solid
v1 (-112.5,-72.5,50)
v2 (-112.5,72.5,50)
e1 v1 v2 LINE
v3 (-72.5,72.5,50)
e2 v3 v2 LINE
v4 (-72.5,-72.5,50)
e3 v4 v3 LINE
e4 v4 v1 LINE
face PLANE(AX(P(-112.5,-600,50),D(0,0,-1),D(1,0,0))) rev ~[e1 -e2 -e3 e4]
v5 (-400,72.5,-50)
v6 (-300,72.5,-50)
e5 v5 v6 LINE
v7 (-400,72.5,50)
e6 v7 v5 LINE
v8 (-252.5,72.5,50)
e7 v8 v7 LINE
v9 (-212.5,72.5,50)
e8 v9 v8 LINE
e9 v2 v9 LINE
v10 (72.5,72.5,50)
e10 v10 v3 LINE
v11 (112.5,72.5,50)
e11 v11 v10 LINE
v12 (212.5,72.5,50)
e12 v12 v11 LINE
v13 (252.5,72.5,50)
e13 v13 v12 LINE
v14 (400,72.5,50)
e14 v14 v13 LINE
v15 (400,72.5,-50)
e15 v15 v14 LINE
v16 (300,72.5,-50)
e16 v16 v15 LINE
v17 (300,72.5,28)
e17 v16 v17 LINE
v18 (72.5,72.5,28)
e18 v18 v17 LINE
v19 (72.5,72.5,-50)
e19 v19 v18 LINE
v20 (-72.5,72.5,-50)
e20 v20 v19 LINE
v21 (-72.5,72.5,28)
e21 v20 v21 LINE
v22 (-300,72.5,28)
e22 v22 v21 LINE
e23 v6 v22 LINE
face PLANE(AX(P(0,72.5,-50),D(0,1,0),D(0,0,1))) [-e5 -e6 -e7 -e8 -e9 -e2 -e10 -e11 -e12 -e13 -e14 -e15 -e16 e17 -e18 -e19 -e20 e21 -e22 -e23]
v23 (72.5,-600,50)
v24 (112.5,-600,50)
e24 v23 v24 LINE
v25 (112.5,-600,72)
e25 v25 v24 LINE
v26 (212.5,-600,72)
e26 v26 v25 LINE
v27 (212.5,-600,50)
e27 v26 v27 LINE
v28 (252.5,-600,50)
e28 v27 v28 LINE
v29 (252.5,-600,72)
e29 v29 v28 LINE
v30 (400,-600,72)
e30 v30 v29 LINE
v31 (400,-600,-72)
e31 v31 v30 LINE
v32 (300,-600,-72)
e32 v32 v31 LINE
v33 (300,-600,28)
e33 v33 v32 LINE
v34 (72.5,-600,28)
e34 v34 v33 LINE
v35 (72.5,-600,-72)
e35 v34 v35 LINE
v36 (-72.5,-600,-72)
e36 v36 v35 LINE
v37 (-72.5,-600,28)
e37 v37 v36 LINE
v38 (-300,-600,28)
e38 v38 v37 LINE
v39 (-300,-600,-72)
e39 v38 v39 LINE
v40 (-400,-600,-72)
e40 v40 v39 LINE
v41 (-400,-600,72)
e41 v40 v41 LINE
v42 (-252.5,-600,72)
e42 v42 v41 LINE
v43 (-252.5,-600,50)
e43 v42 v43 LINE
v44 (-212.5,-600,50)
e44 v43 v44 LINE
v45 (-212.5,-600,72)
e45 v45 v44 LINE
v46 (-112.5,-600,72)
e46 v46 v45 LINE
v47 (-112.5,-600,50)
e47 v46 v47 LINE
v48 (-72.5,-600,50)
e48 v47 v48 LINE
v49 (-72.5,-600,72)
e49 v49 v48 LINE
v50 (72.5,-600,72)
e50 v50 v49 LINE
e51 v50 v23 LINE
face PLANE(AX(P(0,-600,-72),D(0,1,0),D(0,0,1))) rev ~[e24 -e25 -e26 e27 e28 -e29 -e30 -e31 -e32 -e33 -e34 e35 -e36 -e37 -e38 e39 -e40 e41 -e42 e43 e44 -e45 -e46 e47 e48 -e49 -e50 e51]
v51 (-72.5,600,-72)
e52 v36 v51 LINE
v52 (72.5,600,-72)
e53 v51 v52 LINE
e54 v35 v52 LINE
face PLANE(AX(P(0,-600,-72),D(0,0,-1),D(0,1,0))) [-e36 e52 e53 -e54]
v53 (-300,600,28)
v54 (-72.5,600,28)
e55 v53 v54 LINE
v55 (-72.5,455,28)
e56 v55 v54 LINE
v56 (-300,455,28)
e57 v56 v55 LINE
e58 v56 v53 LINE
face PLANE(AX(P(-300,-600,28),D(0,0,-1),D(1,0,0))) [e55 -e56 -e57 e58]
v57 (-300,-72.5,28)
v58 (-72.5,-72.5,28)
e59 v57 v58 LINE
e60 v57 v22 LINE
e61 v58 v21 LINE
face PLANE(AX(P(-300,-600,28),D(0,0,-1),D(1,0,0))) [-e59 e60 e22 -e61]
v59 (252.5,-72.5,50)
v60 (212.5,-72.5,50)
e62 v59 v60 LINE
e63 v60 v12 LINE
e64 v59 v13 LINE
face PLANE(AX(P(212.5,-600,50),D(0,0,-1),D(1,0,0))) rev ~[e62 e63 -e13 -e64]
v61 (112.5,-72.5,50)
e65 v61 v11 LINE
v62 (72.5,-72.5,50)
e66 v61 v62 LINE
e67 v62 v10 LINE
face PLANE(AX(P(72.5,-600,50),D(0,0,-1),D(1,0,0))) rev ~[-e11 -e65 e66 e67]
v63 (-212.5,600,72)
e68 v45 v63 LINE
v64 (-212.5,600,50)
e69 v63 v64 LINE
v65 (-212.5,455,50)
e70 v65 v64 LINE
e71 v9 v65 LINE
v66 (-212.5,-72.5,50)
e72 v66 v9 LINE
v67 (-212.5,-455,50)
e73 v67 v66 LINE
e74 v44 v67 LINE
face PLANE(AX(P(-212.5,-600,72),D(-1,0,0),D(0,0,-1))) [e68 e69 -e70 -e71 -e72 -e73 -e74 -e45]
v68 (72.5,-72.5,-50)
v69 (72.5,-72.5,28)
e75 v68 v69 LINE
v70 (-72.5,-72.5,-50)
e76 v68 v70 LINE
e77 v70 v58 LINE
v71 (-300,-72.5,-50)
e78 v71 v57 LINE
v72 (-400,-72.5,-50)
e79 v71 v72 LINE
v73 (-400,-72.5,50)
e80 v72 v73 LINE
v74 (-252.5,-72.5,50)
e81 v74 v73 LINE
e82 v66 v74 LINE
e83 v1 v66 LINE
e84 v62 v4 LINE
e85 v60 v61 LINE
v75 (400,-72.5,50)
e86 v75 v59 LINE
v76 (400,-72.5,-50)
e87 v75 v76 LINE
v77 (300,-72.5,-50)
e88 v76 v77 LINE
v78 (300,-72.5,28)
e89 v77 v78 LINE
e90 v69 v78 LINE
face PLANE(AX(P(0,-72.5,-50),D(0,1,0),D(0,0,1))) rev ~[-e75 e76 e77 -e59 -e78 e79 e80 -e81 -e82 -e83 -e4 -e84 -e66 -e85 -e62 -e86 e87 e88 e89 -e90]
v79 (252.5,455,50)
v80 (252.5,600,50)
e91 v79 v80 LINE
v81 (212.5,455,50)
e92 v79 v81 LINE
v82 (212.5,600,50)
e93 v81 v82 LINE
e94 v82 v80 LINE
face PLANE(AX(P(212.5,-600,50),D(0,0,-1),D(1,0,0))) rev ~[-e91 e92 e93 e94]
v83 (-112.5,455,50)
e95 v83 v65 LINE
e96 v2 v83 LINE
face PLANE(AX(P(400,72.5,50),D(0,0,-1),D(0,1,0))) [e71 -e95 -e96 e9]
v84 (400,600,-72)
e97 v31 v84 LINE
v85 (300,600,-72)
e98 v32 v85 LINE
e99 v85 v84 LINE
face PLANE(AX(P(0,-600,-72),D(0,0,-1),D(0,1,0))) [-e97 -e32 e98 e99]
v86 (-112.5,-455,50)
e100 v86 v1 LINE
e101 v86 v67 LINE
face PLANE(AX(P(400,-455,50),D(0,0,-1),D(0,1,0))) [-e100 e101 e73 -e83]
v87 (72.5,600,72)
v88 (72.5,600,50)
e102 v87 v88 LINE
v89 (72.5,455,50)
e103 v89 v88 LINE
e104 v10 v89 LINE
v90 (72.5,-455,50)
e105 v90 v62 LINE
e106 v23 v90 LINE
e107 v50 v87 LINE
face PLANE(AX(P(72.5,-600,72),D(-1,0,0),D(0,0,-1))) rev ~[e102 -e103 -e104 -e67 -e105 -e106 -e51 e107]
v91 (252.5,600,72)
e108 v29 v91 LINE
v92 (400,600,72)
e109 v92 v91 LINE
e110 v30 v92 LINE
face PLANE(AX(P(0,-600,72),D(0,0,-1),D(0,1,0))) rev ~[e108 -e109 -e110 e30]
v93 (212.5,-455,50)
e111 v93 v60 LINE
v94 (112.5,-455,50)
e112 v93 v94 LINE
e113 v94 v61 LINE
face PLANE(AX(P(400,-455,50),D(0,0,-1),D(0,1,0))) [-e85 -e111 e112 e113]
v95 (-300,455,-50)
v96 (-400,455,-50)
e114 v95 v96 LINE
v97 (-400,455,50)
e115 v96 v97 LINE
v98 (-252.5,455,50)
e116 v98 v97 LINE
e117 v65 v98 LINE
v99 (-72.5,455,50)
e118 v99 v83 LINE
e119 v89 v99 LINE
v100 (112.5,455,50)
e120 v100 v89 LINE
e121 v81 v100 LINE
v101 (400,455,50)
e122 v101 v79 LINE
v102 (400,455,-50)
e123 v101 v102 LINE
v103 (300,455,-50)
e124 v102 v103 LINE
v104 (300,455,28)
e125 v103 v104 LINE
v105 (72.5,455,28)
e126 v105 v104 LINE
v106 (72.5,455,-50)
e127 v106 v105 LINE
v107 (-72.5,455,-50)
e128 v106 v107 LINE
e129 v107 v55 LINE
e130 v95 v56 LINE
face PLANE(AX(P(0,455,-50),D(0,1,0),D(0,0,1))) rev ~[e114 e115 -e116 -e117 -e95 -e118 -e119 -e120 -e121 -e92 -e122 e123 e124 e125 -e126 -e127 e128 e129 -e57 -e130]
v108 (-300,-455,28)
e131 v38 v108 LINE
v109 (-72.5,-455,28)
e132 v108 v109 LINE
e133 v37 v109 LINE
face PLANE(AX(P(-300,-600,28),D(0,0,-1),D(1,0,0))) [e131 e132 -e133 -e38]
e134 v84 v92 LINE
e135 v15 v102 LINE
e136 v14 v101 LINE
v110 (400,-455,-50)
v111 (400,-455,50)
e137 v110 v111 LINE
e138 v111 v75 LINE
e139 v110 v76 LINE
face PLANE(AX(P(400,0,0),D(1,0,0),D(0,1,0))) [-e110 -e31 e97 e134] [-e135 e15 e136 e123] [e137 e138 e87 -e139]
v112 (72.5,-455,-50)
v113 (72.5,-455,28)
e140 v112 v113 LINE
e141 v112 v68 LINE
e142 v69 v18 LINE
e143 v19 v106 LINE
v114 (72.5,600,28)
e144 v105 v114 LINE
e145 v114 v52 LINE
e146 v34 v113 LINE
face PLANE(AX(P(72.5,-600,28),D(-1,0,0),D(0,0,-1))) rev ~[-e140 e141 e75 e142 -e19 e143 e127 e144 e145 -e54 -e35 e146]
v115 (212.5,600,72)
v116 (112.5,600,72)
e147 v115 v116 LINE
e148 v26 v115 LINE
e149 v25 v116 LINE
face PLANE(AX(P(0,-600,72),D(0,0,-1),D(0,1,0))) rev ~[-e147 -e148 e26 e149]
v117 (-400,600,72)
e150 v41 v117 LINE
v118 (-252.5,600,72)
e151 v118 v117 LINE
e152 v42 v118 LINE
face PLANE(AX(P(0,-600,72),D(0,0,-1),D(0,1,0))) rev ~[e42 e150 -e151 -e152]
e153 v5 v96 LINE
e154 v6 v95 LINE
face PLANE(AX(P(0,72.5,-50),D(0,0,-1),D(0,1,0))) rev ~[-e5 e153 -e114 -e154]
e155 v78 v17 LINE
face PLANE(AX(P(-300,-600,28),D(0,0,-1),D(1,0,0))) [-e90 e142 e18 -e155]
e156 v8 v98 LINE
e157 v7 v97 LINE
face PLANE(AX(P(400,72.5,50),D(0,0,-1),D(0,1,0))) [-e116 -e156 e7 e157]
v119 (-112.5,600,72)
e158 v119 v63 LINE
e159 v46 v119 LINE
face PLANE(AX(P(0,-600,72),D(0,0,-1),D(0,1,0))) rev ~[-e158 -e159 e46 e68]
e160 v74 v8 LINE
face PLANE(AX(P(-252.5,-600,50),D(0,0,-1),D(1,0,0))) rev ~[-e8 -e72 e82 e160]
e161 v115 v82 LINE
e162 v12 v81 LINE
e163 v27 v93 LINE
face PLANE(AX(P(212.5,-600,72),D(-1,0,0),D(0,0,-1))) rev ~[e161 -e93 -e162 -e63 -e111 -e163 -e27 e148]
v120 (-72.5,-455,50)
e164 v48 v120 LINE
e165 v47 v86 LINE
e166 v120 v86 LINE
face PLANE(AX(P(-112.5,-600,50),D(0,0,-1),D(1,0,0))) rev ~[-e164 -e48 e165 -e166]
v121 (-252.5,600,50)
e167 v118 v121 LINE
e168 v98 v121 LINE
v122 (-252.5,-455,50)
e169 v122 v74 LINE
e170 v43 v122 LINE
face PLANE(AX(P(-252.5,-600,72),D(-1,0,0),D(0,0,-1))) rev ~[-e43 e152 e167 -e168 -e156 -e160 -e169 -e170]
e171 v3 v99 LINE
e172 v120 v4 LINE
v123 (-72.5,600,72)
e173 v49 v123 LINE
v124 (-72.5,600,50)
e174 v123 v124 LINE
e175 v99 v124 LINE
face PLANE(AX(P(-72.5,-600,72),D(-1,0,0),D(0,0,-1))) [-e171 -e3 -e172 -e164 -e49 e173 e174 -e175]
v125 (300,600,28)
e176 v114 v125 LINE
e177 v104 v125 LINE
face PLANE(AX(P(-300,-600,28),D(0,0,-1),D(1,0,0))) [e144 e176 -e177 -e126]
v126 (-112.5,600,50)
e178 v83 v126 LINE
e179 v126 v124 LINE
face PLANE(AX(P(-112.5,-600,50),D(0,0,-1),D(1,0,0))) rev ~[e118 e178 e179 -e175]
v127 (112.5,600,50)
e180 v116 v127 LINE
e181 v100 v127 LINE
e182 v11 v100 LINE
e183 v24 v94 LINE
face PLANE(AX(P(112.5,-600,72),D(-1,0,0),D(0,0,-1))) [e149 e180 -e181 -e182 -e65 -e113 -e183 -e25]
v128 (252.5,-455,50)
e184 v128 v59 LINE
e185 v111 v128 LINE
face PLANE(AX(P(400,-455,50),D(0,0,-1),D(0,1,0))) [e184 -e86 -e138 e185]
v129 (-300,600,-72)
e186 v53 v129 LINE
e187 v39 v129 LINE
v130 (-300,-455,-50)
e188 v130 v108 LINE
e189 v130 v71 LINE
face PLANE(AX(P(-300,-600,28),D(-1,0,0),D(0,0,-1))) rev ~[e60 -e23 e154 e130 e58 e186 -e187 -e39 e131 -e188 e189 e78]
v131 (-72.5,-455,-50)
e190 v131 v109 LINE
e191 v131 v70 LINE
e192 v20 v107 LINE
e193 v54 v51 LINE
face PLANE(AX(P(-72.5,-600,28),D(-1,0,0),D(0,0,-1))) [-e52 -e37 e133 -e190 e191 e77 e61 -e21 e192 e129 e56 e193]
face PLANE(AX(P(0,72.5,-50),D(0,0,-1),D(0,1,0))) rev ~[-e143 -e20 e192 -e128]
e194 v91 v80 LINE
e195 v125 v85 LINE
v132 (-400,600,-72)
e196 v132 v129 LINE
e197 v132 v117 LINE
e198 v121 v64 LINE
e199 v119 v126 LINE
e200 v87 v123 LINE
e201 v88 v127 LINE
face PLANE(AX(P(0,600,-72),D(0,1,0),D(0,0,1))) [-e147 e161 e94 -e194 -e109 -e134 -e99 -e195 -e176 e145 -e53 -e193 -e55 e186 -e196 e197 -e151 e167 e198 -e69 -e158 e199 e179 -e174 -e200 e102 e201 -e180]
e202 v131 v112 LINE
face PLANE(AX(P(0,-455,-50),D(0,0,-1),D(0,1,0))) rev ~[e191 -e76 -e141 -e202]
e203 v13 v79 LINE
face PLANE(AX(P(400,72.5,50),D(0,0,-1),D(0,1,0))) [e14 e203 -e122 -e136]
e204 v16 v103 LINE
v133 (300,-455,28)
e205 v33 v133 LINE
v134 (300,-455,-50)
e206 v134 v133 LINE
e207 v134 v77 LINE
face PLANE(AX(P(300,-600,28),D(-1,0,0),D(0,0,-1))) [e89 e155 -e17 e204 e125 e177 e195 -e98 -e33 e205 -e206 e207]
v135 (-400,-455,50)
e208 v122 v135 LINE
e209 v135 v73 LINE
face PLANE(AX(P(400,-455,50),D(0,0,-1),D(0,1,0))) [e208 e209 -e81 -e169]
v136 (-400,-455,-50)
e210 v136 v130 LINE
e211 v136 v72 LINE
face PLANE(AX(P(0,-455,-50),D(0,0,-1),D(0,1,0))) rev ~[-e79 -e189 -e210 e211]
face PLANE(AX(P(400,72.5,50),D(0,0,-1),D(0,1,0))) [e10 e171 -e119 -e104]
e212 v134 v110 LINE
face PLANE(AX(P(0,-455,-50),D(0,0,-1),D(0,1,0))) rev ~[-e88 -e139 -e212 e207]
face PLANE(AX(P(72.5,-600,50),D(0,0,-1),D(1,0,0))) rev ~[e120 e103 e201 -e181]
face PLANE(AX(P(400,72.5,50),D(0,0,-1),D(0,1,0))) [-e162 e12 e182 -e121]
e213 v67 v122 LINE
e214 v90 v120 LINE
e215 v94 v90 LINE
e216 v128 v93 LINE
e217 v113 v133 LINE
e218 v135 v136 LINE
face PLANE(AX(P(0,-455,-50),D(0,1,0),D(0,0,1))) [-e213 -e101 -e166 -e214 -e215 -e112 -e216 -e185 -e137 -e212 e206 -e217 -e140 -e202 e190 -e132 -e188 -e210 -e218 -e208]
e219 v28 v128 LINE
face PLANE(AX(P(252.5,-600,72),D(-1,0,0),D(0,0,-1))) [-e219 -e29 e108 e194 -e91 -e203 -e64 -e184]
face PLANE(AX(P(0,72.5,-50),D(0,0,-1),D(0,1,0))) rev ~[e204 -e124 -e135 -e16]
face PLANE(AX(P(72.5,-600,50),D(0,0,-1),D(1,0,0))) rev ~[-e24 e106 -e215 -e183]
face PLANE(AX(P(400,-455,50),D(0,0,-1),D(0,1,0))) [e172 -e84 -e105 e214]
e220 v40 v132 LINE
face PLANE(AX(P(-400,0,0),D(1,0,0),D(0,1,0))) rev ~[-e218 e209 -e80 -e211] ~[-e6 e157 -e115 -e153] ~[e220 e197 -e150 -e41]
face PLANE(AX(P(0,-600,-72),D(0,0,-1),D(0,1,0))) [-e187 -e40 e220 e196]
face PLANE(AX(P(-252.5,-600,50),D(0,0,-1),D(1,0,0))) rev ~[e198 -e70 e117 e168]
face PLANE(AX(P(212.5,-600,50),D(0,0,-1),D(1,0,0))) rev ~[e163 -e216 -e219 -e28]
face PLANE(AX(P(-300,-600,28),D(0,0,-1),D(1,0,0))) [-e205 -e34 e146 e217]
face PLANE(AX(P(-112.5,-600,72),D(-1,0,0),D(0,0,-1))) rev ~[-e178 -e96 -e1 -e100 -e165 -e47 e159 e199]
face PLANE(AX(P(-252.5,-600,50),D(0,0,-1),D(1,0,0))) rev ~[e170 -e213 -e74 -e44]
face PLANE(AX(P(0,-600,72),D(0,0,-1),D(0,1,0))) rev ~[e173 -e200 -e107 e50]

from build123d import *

# Parameters (mm, degrees)
SKETCH_W            = 1200
SKETCH_H            = 144
SKETCH_W_2          = 382.5
SKETCH_H_2          = 78
PAD_DEPTH           = 400
PAD_DEPTH_BACK      = 400
SKETCH001_W         = 100
SKETCH001_H         = 227.5
SKETCH001_W_2       = 22
SKETCH001_H_2       = 40
POCKET_DEPTH        = 1200
MIRROREDSKETCH_W    = 100
MIRROREDSKETCH_H    = 227.5
MIRROREDSKETCH_W_2  = 22
MIRROREDSKETCH_H_2  = 40
POCKET001_DEPTH     = 1200
SKETCH002_W         = 382.5
SKETCH002_H         = 100
POCKET002_DEPTH     = 800
MIRROREDSKETCH002_W = 382.5
MIRROREDSKETCH002_H = 100
POCKET003_DEPTH     = 800


with BuildPart() as part:
    # Sketch → Pad (new body, two sides)
    with BuildSketch(Plane.YZ) as pad_sk:
        Rectangle(SKETCH_W, SKETCH_H)
        with Locations((-263.75, -11)):
            Rectangle(SKETCH_W_2, SKETCH_H_2, mode=Mode.SUBTRACT)
        with Locations((263.75, -11)):
            Rectangle(SKETCH_W_2, SKETCH_H_2, mode=Mode.SUBTRACT)
    extrude(amount=PAD_DEPTH)
    extrude(pad_sk.sketch, amount=-PAD_DEPTH_BACK)

    # Sketch001 (on Face4 of Pad) → Pocket (cut)
    with BuildSketch(Plane(origin=(0, -600, 0), x_dir=(0, 0, -1), z_dir=(0, -1, 0))):
        with Locations((22, 186.25)):
            Rectangle(SKETCH001_W, SKETCH001_H)
        with Locations((-61, 92.5)):
            Rectangle(SKETCH001_W_2, SKETCH001_H_2)
        with Locations((-61, 232.5)):
            Rectangle(SKETCH001_W_2, SKETCH001_H_2)
    extrude(amount=-POCKET_DEPTH, mode=Mode.SUBTRACT)

    # MirroredSketch → Pocket001 (cut)
    with BuildSketch(Plane(origin=(0, -600, 0), x_dir=(0, 0, -1), z_dir=(0, -1, 0))):
        with Locations((22, -186.25)):
            Rectangle(MIRROREDSKETCH_W, MIRROREDSKETCH_H)
        with Locations((-61, -92.5)):
            Rectangle(MIRROREDSKETCH_W_2, MIRROREDSKETCH_H_2)
        with Locations((-61, -232.5)):
            Rectangle(MIRROREDSKETCH_W_2, MIRROREDSKETCH_H_2)
    extrude(amount=-POCKET001_DEPTH, mode=Mode.SUBTRACT)

    # Sketch002 (on Face31 of Pocket001) → Pocket002 (cut)
    with BuildSketch(Plane.YZ.offset(400)):
        with Locations((-263.75, 0)):
            Rectangle(SKETCH002_W, SKETCH002_H)
    extrude(amount=-POCKET002_DEPTH, mode=Mode.SUBTRACT)

    # MirroredSketch002 → Pocket003 (cut)
    with BuildSketch(Plane.YZ.offset(400)):
        with Locations((263.75, 0)):
            Rectangle(MIRROREDSKETCH002_W, MIRROREDSKETCH002_H)
    extrude(amount=-POCKET003_DEPTH, mode=Mode.SUBTRACT)


solid = part.part
